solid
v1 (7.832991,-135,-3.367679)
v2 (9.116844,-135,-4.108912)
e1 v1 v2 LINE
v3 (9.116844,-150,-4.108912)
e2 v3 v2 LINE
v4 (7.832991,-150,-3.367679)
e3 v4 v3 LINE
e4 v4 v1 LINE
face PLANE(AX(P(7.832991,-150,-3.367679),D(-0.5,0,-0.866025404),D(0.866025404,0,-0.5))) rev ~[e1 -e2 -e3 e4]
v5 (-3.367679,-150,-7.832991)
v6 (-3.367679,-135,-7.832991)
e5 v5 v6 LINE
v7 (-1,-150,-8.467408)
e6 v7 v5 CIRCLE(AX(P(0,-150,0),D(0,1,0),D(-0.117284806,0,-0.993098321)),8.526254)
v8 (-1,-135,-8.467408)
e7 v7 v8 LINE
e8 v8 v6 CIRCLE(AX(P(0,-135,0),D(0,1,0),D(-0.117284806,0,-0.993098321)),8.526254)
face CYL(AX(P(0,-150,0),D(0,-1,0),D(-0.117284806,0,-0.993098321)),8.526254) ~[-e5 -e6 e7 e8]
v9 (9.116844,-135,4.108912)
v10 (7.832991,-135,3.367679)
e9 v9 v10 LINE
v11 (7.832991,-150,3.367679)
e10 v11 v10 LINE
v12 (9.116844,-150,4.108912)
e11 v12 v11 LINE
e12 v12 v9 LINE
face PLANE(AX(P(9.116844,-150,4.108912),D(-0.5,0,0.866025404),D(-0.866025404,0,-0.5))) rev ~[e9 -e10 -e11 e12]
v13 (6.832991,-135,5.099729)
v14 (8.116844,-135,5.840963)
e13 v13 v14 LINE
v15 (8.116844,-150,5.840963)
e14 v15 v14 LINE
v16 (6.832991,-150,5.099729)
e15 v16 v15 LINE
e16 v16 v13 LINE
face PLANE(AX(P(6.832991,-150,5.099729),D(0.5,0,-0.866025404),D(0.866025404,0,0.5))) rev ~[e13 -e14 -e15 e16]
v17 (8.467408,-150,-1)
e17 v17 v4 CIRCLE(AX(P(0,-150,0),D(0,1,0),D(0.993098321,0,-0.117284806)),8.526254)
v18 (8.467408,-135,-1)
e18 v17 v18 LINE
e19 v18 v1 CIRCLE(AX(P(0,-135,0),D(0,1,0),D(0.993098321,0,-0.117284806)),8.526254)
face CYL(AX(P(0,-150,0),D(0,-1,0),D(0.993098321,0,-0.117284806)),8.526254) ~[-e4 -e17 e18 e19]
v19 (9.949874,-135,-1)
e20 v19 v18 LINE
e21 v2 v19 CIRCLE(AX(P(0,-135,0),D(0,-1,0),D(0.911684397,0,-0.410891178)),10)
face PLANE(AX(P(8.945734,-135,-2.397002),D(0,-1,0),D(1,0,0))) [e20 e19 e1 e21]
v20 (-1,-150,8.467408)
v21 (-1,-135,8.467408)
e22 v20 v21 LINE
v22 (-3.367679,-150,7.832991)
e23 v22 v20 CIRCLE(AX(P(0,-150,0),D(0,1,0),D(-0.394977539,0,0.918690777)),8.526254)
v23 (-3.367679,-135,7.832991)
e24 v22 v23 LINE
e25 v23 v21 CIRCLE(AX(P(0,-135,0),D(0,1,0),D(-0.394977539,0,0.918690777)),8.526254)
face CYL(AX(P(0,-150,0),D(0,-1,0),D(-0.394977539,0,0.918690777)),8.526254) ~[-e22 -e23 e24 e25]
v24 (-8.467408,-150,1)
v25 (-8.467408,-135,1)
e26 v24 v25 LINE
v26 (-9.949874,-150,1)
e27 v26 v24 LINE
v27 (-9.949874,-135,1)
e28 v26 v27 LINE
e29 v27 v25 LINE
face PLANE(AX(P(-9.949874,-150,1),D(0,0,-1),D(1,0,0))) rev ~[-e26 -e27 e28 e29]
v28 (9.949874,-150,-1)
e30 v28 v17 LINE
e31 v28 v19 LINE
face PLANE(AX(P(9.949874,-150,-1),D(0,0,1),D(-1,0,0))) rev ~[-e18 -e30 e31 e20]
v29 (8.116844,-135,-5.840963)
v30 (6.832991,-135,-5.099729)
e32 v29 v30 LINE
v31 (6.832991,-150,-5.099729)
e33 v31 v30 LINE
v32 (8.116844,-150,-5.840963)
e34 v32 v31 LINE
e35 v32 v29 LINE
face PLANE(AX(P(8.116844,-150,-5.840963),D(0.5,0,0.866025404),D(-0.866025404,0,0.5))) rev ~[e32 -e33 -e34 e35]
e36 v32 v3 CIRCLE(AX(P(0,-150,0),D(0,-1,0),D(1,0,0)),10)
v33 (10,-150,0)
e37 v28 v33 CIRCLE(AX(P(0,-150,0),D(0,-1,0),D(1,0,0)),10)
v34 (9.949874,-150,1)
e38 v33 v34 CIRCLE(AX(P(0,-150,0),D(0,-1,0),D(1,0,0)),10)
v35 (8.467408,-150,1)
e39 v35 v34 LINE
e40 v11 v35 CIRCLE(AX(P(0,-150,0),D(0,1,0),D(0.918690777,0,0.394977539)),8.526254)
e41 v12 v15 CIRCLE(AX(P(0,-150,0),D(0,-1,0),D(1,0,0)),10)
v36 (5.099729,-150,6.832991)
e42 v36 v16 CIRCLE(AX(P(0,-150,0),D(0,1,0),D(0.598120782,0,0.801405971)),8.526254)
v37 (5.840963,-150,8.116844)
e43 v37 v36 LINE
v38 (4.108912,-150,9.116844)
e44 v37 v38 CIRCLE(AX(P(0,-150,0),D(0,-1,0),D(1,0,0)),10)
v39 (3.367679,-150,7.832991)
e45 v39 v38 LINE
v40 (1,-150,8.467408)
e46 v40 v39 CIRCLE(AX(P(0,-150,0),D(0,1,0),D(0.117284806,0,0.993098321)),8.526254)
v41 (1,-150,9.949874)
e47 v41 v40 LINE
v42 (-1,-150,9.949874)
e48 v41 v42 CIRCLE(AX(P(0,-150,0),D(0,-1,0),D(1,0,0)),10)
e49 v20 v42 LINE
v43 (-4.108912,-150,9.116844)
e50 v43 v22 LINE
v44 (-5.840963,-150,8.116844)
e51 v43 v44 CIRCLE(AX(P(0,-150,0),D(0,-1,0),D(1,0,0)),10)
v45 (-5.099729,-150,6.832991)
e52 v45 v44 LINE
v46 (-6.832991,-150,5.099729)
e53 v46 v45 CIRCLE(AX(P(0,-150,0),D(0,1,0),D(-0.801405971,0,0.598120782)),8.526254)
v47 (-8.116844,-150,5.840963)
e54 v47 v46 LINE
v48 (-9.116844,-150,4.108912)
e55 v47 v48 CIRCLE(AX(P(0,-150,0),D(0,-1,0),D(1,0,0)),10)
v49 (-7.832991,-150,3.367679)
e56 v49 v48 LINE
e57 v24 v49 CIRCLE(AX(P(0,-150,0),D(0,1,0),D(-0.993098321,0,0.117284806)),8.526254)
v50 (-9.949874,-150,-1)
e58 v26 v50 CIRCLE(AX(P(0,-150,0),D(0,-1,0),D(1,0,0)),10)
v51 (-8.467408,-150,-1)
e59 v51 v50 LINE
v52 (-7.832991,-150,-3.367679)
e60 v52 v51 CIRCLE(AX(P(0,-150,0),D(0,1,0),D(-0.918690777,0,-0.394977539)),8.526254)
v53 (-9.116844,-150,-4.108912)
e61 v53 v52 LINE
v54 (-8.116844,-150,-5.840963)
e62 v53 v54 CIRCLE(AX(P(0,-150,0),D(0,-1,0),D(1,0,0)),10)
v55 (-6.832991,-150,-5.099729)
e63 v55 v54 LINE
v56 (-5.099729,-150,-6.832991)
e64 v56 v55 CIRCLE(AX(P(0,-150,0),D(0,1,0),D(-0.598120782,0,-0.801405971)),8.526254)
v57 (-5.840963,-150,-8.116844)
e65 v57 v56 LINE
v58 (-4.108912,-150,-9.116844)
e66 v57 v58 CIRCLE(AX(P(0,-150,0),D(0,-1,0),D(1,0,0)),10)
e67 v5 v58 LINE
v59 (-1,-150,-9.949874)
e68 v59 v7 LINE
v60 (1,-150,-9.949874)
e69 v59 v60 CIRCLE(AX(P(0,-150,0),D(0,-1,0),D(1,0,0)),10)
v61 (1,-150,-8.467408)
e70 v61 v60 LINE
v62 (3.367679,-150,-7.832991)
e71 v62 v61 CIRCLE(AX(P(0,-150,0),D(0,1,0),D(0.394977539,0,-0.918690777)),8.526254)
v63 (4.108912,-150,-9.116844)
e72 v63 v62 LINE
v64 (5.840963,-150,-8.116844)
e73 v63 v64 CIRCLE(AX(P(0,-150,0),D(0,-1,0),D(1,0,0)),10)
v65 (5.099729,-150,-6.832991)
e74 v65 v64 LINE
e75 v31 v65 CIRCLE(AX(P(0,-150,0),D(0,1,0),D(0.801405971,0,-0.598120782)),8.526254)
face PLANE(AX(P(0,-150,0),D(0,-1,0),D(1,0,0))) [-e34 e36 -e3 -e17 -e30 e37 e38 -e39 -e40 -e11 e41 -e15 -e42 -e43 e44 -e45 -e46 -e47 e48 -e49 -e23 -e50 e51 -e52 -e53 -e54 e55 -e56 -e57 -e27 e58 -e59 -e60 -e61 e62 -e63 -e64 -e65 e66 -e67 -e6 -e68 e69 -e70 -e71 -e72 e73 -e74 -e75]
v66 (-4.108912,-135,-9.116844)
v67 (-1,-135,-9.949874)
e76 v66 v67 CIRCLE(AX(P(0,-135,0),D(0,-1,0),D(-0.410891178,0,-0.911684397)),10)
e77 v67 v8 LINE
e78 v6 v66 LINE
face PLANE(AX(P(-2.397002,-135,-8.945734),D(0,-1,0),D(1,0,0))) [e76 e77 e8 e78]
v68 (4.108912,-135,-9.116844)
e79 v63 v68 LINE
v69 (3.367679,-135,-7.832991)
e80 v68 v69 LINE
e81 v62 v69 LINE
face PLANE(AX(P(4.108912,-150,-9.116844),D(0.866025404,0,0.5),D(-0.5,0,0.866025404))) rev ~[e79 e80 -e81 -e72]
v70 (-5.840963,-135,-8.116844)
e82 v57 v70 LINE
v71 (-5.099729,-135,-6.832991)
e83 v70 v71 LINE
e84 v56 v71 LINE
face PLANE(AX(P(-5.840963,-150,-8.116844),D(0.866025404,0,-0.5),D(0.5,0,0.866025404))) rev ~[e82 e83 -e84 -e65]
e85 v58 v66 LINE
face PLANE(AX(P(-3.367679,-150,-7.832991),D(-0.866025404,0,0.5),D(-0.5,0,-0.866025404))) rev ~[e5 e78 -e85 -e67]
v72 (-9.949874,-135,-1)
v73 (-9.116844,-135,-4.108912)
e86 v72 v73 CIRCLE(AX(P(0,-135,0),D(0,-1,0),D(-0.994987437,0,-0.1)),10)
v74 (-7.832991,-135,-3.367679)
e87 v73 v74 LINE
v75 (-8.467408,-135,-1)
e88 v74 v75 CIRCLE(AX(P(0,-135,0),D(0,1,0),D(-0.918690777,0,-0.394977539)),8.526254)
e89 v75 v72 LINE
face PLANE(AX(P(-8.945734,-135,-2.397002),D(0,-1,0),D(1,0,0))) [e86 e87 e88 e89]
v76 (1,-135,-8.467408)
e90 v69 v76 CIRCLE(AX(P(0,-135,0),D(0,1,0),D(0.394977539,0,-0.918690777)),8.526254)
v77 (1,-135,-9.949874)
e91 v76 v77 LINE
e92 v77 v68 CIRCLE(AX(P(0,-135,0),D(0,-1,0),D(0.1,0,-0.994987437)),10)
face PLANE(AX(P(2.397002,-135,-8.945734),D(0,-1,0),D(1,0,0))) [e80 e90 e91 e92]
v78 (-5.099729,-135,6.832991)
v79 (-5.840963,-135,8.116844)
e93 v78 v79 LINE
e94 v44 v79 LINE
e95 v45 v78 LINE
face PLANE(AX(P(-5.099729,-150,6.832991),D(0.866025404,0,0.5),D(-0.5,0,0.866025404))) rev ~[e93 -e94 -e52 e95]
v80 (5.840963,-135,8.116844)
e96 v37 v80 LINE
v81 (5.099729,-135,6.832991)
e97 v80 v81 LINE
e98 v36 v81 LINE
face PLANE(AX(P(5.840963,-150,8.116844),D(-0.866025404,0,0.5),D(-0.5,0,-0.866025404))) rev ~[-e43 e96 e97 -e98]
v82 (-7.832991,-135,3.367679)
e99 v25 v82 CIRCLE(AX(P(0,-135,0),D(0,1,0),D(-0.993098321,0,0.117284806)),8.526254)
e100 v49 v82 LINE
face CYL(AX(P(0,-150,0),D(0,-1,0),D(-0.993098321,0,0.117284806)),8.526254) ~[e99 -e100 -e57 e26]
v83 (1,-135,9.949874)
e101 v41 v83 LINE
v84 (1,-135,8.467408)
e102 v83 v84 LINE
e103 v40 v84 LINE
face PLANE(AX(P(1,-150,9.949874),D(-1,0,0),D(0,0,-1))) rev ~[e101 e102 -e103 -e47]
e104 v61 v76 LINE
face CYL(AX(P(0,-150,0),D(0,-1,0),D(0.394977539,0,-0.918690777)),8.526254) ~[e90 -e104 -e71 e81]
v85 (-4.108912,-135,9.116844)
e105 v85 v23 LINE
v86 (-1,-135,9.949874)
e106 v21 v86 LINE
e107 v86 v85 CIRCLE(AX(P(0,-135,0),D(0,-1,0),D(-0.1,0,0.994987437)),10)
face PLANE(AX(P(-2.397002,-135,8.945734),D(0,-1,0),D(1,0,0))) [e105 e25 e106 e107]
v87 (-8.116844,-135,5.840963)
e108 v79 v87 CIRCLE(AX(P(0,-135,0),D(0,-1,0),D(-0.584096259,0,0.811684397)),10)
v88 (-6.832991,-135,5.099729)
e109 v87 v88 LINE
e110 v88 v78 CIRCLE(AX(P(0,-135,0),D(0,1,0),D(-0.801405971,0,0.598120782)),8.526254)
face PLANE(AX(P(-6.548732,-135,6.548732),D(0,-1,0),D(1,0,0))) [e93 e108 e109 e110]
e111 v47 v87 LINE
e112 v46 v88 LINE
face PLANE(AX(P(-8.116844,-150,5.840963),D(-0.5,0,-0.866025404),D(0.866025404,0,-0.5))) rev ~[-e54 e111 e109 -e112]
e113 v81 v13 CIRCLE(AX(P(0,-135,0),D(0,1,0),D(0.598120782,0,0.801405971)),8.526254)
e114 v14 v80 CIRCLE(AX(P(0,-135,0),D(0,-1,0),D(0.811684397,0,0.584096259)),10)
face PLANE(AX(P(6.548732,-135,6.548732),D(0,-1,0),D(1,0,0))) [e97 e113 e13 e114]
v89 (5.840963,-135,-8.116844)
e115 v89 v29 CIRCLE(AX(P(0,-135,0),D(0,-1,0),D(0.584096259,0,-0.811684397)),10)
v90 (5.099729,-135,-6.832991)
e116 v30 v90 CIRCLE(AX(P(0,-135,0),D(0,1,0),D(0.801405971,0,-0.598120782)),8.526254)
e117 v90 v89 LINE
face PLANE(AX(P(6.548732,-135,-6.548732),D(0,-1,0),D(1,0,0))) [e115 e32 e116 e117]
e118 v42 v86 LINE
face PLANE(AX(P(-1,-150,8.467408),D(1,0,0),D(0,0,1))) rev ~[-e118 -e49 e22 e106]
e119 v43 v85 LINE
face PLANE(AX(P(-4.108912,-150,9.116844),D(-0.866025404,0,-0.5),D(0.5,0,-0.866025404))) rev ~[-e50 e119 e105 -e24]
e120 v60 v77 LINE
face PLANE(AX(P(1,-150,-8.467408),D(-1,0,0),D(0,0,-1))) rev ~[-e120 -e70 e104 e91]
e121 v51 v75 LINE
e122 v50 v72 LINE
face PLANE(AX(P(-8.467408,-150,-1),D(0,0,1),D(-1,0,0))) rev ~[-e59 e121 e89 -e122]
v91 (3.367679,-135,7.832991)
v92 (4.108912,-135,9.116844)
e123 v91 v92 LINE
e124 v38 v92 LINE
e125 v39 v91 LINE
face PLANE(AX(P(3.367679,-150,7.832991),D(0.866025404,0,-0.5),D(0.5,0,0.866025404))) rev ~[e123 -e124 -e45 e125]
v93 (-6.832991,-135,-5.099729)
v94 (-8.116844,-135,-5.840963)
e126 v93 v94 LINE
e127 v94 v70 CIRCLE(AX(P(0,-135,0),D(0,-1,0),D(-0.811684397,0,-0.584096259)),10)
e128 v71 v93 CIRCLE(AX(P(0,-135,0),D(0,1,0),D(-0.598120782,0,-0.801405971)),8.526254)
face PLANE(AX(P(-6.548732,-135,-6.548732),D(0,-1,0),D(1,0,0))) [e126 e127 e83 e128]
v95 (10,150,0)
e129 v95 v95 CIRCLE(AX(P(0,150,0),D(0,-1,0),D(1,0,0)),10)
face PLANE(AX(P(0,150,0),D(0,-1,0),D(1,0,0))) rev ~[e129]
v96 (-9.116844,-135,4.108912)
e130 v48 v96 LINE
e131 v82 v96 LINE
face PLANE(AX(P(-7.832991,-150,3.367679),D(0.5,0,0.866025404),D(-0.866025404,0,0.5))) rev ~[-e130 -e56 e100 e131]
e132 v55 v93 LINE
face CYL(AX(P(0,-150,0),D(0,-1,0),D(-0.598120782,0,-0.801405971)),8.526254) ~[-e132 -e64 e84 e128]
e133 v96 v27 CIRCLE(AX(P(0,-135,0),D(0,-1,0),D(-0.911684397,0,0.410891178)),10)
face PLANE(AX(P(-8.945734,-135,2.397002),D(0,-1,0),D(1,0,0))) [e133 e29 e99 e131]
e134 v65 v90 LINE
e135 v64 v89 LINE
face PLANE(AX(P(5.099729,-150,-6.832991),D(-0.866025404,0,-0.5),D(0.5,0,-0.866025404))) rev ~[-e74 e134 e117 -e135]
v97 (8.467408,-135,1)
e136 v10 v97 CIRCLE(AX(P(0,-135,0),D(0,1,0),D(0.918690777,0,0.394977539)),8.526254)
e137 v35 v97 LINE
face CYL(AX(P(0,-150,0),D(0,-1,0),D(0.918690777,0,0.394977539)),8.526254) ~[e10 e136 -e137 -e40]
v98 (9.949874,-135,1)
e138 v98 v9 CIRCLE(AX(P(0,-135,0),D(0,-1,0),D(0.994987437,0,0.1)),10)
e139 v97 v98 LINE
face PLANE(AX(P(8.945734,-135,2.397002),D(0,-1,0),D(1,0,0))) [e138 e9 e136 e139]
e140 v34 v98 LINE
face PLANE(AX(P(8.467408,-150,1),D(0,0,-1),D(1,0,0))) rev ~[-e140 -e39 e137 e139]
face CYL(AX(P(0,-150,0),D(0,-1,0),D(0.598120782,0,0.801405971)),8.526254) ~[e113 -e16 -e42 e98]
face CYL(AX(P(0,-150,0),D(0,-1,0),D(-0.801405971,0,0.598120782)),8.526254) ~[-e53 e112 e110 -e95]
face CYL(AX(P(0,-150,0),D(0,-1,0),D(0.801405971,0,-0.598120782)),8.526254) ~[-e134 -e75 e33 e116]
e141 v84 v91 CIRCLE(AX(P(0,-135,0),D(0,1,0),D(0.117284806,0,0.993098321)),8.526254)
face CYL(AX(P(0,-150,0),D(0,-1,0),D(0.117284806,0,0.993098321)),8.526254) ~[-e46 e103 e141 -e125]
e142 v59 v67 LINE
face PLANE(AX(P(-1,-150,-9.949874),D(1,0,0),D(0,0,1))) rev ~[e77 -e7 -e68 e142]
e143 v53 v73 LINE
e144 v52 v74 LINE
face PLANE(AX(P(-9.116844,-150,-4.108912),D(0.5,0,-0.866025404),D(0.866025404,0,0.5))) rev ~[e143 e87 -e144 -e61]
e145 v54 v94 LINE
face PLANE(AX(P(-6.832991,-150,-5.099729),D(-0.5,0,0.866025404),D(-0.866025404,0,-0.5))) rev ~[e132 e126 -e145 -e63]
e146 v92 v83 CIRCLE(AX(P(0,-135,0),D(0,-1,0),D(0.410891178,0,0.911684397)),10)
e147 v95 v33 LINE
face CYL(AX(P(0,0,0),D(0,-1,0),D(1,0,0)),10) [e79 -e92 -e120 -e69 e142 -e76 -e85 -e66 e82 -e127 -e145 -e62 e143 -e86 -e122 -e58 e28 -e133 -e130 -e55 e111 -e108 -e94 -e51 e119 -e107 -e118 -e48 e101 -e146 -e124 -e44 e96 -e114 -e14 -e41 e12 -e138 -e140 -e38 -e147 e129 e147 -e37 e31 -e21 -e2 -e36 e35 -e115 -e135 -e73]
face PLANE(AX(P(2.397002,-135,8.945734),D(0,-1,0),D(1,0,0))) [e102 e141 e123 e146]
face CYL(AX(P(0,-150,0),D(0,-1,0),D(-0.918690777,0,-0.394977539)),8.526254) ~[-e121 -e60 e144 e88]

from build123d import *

# Parameters (mm, degrees)
F0_R     = 10
F1_DEPTH = 150
F3_DEPTH = 15


with BuildPart() as f1:
    # F0 (on Front) → F1 (new body, symmetric)
    with BuildSketch(Plane.XZ):
        Circle(F0_R)
    extrude(amount=F1_DEPTH, both=True)

    # F2 (on face) → F3 (cut)
    with BuildSketch(Plane.XZ.offset(150)):
        with BuildLine():
            Line((-1, 8.4674081294), (-1, 9.9498743711))
            ThreePointArc((-1, 9.9498743711), (-2.588190451, 9.6592582629), (-4.1089117817, 9.1168439698))
            Line((-4.1089117817, 9.1168439698), (-3.3676786609, 7.8329905443))
            ThreePointArc((-3.3676786609, 7.8329905443), (-2.2067568147, 8.2357285525), (-1, 8.4674081294))
        make_face()
        with BuildLine():
            Line((3.3676786609, 7.8329905443), (4.1089117817, 9.1168439698))
            ThreePointArc((4.1089117817, 9.1168439698), (2.588190451, 9.6592582629), (1, 9.9498743711))
            Line((1, 9.9498743711), (1, 8.4674081294))
            ThreePointArc((1, 8.4674081294), (2.2067568147, 8.2357285525), (3.3676786609, 7.8329905443))
        make_face()
        with BuildLine():
            Line((6.8329905443, 5.0997294685), (8.1168439698, 5.8409625893))
            ThreePointArc((8.1168439698, 5.8409625893), (7.0710678119, 7.0710678119), (5.8409625893, 8.1168439698))
            Line((5.8409625893, 8.1168439698), (5.0997294685, 6.8329905443))
            ThreePointArc((5.0997294685, 6.8329905443), (6.0289717378, 6.0289717378), (6.8329905443, 5.0997294685))
        make_face()
        with BuildLine():
            Line((8.4674081294, 1), (9.9498743711, 1))
            ThreePointArc((9.9498743711, 1), (9.6592582629, 2.588190451), (9.1168439698, 4.1089117817))
            Line((9.1168439698, 4.1089117817), (7.8329905443, 3.3676786609))
            ThreePointArc((7.8329905443, 3.3676786609), (8.2357285525, 2.2067568147), (8.4674081294, 1))
        make_face()
        with BuildLine():
            ThreePointArc((9.1168439698, -4.1089117817), (9.6592582629, -2.588190451), (9.9498743711, -1))
            Line((9.9498743711, -1), (8.4674081294, -1))
            ThreePointArc((8.4674081294, -1), (8.2357285525, -2.2067568147), (7.8329905443, -3.3676786609))
            Line((7.8329905443, -3.3676786609), (9.1168439698, -4.1089117817))
        make_face()
        with BuildLine():
            ThreePointArc((5.8409625893, -8.1168439698), (7.0710678119, -7.0710678119), (8.1168439698, -5.8409625893))
            Line((8.1168439698, -5.8409625893), (6.8329905443, -5.0997294685))
            ThreePointArc((6.8329905443, -5.0997294685), (6.0289717378, -6.0289717378), (5.0997294685, -6.8329905443))
            Line((5.0997294685, -6.8329905443), (5.8409625893, -8.1168439698))
        make_face()
        with BuildLine():
            ThreePointArc((1, -9.9498743711), (2.588190451, -9.6592582629), (4.1089117817, -9.1168439698))
            Line((4.1089117817, -9.1168439698), (3.3676786609, -7.8329905443))
            ThreePointArc((3.3676786609, -7.8329905443), (2.2067568147, -8.2357285525), (1, -8.4674081294))
            Line((1, -8.4674081294), (1, -9.9498743711))
        make_face()
        with BuildLine():
            ThreePointArc((-4.1089117817, -9.1168439698), (-2.588190451, -9.6592582629), (-1, -9.9498743711))
            Line((-1, -9.9498743711), (-1, -8.4674081294))
            ThreePointArc((-1, -8.4674081294), (-2.2067568147, -8.2357285525), (-3.3676786609, -7.8329905443))
            Line((-3.3676786609, -7.8329905443), (-4.1089117817, -9.1168439698))
        make_face()
        with BuildLine():
            ThreePointArc((-8.1168439698, -5.8409625893), (-7.0710678119, -7.0710678119), (-5.8409625893, -8.1168439698))
            Line((-5.8409625893, -8.1168439698), (-5.0997294685, -6.8329905443))
            ThreePointArc((-5.0997294685, -6.8329905443), (-6.0289717378, -6.0289717378), (-6.8329905443, -5.0997294685))
            Line((-6.8329905443, -5.0997294685), (-8.1168439698, -5.8409625893))
        make_face()
        with BuildLine():
            ThreePointArc((-9.9498743711, -1), (-9.6592582629, -2.588190451), (-9.1168439698, -4.1089117817))
            Line((-9.1168439698, -4.1089117817), (-7.8329905443, -3.3676786609))
            ThreePointArc((-7.8329905443, -3.3676786609), (-8.2357285525, -2.2067568147), (-8.4674081294, -1))
            Line((-8.4674081294, -1), (-9.9498743711, -1))
        make_face()
        with BuildLine():
            Line((-7.8329905443, 3.3676786609), (-9.1168439698, 4.1089117817))
            ThreePointArc((-9.1168439698, 4.1089117817), (-9.6592582629, 2.588190451), (-9.9498743711, 1))
            Line((-9.9498743711, 1), (-8.4674081294, 1))
            ThreePointArc((-8.4674081294, 1), (-8.2357285525, 2.2067568147), (-7.8329905443, 3.3676786609))
        make_face()
        with BuildLine():
            Line((-5.0997294685, 6.8329905443), (-5.8409625893, 8.1168439698))
            ThreePointArc((-5.8409625893, 8.1168439698), (-7.0710678119, 7.0710678119), (-8.1168439698, 5.8409625893))
            Line((-8.1168439698, 5.8409625893), (-6.8329905443, 5.0997294685))
            ThreePointArc((-6.8329905443, 5.0997294685), (-6.0289717378, 6.0289717378), (-5.0997294685, 6.8329905443))
        make_face()
    extrude(amount=-F3_DEPTH, mode=Mode.SUBTRACT)


solid = f1.part
